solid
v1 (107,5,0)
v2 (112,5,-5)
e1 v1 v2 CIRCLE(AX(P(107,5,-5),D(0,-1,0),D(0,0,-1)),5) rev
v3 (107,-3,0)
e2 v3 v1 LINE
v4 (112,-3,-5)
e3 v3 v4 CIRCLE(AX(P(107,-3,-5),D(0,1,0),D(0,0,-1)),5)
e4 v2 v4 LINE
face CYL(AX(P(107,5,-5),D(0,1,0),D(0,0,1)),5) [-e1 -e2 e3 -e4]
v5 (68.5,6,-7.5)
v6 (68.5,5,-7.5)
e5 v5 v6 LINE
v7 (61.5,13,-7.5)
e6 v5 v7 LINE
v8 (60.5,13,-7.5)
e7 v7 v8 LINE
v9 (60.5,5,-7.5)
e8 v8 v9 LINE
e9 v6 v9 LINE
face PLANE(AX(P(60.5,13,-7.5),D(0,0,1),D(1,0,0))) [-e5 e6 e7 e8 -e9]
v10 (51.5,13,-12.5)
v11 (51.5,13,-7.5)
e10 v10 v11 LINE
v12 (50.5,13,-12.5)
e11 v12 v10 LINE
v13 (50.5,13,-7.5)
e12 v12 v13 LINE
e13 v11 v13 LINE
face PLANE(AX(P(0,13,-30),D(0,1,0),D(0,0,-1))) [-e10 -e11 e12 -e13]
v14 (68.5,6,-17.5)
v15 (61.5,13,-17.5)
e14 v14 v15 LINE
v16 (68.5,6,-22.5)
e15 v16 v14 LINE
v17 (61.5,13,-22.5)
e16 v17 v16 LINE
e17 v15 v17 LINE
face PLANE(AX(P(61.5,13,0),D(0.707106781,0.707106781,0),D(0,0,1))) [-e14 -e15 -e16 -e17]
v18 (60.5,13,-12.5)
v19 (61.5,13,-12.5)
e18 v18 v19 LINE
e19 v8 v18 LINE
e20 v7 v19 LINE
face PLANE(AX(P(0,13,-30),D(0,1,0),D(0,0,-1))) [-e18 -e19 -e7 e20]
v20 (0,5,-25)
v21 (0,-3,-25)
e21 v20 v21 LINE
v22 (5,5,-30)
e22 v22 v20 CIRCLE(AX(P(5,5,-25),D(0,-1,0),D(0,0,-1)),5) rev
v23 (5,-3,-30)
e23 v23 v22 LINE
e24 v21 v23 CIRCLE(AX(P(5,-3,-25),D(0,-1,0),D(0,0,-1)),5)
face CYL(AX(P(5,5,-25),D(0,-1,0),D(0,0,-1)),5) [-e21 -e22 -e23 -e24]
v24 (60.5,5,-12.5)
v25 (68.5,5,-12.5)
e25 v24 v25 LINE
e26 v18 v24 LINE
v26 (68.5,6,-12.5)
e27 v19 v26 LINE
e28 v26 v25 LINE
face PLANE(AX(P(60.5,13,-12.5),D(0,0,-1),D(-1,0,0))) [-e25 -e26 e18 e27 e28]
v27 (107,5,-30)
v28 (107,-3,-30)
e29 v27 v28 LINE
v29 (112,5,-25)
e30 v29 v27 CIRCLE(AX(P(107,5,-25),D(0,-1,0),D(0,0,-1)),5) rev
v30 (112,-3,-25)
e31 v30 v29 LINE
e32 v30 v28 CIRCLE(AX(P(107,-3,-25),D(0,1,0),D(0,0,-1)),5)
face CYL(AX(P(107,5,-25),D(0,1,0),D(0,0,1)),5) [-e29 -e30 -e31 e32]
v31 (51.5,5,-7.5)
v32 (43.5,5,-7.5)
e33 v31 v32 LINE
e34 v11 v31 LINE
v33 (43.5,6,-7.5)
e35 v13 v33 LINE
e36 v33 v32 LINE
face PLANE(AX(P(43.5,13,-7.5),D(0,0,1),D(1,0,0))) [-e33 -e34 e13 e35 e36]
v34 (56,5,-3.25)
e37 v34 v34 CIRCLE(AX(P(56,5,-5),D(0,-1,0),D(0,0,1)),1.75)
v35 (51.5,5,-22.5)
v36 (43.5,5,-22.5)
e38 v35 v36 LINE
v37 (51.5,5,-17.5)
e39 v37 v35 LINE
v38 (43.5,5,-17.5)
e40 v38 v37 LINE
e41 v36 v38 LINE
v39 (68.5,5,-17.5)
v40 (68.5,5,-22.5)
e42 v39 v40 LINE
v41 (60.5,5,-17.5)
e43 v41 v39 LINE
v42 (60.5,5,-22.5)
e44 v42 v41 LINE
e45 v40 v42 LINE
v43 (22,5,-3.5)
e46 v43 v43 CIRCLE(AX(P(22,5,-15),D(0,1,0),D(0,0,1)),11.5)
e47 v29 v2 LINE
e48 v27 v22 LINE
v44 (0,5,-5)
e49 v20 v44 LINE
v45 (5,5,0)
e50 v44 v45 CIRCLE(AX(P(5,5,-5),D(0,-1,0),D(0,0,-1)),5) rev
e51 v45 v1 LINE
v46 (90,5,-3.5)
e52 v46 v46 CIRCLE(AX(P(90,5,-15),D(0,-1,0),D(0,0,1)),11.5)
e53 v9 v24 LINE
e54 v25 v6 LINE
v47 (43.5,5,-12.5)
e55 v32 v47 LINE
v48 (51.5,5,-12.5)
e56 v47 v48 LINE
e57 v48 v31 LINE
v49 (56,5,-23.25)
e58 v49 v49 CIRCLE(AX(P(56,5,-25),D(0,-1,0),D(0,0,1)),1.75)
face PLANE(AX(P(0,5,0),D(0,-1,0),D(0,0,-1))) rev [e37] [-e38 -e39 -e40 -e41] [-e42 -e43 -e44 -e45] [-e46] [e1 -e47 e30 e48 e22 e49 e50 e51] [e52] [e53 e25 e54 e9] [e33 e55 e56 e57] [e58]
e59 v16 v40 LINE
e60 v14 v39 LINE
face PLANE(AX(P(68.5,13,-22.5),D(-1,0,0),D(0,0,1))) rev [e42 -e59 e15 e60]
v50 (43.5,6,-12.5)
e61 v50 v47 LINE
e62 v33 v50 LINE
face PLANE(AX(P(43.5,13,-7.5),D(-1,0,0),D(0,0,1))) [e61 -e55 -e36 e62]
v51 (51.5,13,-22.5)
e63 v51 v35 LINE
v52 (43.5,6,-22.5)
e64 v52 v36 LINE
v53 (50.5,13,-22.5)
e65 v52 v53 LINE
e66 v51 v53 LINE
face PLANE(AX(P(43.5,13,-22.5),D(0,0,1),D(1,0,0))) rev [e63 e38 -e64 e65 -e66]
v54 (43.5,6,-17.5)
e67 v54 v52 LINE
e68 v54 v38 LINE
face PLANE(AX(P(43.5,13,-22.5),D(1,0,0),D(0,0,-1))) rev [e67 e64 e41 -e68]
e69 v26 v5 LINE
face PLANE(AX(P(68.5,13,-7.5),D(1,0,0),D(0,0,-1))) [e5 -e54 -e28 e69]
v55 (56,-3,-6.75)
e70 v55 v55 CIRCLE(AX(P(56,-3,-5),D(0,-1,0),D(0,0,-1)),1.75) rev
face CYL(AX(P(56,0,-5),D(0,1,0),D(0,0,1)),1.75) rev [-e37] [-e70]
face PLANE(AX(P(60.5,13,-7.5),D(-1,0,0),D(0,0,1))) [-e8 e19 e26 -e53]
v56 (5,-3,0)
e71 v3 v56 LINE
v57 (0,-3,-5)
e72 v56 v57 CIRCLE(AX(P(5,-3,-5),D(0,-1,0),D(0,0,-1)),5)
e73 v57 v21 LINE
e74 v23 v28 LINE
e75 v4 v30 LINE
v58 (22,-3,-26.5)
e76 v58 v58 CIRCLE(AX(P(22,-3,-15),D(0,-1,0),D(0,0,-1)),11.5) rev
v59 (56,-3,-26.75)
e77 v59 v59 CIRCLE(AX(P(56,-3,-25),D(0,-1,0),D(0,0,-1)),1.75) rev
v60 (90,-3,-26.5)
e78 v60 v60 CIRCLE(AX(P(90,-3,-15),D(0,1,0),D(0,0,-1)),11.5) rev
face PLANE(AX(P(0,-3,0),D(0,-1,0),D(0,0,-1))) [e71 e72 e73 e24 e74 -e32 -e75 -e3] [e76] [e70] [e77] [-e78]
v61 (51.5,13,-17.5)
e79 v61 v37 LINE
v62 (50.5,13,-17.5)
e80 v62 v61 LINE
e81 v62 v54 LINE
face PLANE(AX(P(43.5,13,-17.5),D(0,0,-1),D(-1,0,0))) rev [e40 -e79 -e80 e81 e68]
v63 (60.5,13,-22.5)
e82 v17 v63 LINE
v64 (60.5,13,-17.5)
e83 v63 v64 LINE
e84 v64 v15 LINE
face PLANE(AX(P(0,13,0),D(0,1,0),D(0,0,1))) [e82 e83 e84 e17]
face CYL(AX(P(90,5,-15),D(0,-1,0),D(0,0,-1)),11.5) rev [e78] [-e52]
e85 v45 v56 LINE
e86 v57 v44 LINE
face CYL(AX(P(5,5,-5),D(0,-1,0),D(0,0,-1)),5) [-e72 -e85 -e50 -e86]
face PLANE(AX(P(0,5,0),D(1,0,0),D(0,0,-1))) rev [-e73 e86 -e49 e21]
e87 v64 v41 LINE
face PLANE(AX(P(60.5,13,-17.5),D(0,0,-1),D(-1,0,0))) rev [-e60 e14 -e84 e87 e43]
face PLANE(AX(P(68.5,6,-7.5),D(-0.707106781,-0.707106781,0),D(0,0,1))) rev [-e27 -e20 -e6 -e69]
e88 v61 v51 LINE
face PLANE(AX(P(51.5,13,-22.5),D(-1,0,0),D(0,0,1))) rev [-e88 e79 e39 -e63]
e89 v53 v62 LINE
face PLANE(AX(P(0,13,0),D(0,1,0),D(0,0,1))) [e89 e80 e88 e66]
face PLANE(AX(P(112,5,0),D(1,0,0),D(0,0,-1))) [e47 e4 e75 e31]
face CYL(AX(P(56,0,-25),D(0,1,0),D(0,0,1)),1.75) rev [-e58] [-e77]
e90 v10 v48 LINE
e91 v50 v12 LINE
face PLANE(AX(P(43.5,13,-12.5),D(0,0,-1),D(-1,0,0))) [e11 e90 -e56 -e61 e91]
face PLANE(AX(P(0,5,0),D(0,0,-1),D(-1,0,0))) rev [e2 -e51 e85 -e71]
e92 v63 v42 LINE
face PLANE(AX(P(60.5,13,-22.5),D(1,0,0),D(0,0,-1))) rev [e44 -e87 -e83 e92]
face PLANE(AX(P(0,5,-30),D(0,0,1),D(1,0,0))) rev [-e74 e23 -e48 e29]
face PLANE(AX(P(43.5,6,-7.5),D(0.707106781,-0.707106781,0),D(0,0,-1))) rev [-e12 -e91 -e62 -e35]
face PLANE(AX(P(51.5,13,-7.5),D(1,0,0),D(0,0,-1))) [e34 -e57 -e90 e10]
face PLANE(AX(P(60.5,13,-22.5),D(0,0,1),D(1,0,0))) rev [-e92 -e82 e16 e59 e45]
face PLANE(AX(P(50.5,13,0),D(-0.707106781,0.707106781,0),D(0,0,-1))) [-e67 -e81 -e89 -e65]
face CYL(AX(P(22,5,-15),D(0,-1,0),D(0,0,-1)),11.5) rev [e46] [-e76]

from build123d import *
from build123d.topology import SkipClean

# Parameters (mm, degrees)
SKETCH1_W                = 60
SKETCH1_H                = 30
SKETCH1_R                = 11.5
BOSS_EXTRUDE1_DEPTH      = 5
SKETCH2_R                = 1.75
CUT_EXTRUDE1_DEPTH       = 68.268120235
FILLET1_R                = 5
SKETCH6_R                = 1.75
SKETCH6_R_2              = 11.5
BOSS_EXTRUDE4_DEPTH      = 3
FILLET1_OF_MIRROR1_R     = 5
SKETCH7_W                = 8
SKETCH7_H                = 5
BOSS_EXTRUDE5_DEPTH      = 8
CHAMFER1_SIZE            = 7
CHAMFER1_OF_MIRROR2_SIZE = 7


with BuildPart() as part:
    # Sketch1 → Boss-Extrude1 (new body)
    with BuildSketch(Plane(origin=(0, 0, 0), x_dir=(1, 0, 0), z_dir=(0, 1, 0))):
        with Locations((30, 15)):
            Rectangle(SKETCH1_W, SKETCH1_H)
        with Locations(Location((22, 15, 0), (0, 0, 270))):
            Circle(SKETCH1_R, mode=Mode.SUBTRACT)
    boss_extrude1 = extrude(amount=BOSS_EXTRUDE1_DEPTH)

    # Sketch2 → Cut-Extrude1 (cut, through all)
    with BuildSketch(Plane(origin=(0, 5, 0), x_dir=(1, 0, 0), z_dir=(0, 1, 0))):
        with Locations(Location((56, 25, 0), (0, 0, 270))):
            Circle(SKETCH2_R)
        with Locations(Location((56, 5, 0), (0, 0, 270))):
            Circle(SKETCH2_R)
    cut_extrude1 = extrude(amount=-CUT_EXTRUDE1_DEPTH, mode=Mode.SUBTRACT)

    # Fillet1
    fillet1_edges = [part.edges().sort_by_distance(p)[0] for p in [
        (0, 2.5, -30),
        (0, 2.5, 0),
    ]]
    fillet(fillet1_edges, radius=FILLET1_R)

    # Sketch6 → Boss-Extrude4 (add)
    with SkipClean():  # the faces are left unmerged after this step: merging them gives an invalid solid
        with BuildSketch(Plane.XZ):
            with BuildLine():
                Line((60, -30), (60, 0))
                Line((60, 0), (5, 0))
                ThreePointArc((5, 0), (1.464466094, -1.464466094), (0, -5))
                Line((0, -5), (0, -25))
                ThreePointArc((0, -25), (1.464466094, -28.535533906), (5, -30))
                Line((5, -30), (60, -30))
            make_face()
            with Locations((56, -25)):
                Circle(SKETCH6_R, mode=Mode.SUBTRACT)
            with Locations((22, -15)):
                Circle(SKETCH6_R_2, mode=Mode.SUBTRACT)
            with Locations((56, -5)):
                Circle(SKETCH6_R, mode=Mode.SUBTRACT)
        boss_extrude4 = extrude(amount=BOSS_EXTRUDE4_DEPTH)

    # Mirror1: Boss-Extrude1, Cut-Extrude1, Boss-Extrude4 across plane
    with SkipClean():  # the faces are left unmerged after this step: merging them gives an invalid solid
        add(boss_extrude1.mirror(Plane(origin=(56, 0, 0), x_dir=(0, 0, 1), z_dir=(1, 0, 0))))
        add(cut_extrude1.mirror(Plane(origin=(56, 0, 0), x_dir=(0, 0, 1), z_dir=(1, 0, 0))), mode=Mode.SUBTRACT)
        add(boss_extrude4.mirror(Plane(origin=(56, 0, 0), x_dir=(0, 0, 1), z_dir=(1, 0, 0))))

    # Fillet1 of Mirror1
    fillet1_of_mirror1_edges = [part.edges().sort_by_distance(p)[0] for p in [
        (112, 2.5, -30),
        (112, 2.5, 0),
    ]]
    fillet(fillet1_of_mirror1_edges, radius=FILLET1_OF_MIRROR1_R)

    # Sketch7 → Boss-Extrude5 (add)
    with SkipClean():  # the faces are left unmerged after this step: merging them gives an invalid solid
        with BuildSketch(Plane(origin=(0, 5, 0), x_dir=(1, 0, 0), z_dir=(0, 1, 0))):
            with Locations((47.5, 20)):
                Rectangle(SKETCH7_W, SKETCH7_H)
            with Locations((64.5, 20)):
                Rectangle(SKETCH7_W, SKETCH7_H)
        boss_extrude5 = extrude(amount=BOSS_EXTRUDE5_DEPTH)

    # Chamfer1
    chamfer1_edges = [part.edges().sort_by_distance(p)[0] for p in [
        (43.5, 13, -20),
        (68.5, 13, -20),
    ]]
    chamfer(chamfer1_edges, length=CHAMFER1_SIZE)

    # Mirror2: Boss-Extrude5 across plane
    with SkipClean():  # the faces are left unmerged after this step: merging them gives an invalid solid
        add(boss_extrude5.mirror(Plane(origin=(0, 0, -15), x_dir=(1, 0, 0), z_dir=(0, 0, -1))))

    # Chamfer1 of Mirror2
    chamfer1_of_mirror2_edges = [part.edges().sort_by_distance(p)[0] for p in [
        (43.5, 13, -10),
        (68.5, 13, -10),
    ]]
    chamfer(chamfer1_of_mirror2_edges, length=CHAMFER1_OF_MIRROR2_SIZE)


solid = part.part
